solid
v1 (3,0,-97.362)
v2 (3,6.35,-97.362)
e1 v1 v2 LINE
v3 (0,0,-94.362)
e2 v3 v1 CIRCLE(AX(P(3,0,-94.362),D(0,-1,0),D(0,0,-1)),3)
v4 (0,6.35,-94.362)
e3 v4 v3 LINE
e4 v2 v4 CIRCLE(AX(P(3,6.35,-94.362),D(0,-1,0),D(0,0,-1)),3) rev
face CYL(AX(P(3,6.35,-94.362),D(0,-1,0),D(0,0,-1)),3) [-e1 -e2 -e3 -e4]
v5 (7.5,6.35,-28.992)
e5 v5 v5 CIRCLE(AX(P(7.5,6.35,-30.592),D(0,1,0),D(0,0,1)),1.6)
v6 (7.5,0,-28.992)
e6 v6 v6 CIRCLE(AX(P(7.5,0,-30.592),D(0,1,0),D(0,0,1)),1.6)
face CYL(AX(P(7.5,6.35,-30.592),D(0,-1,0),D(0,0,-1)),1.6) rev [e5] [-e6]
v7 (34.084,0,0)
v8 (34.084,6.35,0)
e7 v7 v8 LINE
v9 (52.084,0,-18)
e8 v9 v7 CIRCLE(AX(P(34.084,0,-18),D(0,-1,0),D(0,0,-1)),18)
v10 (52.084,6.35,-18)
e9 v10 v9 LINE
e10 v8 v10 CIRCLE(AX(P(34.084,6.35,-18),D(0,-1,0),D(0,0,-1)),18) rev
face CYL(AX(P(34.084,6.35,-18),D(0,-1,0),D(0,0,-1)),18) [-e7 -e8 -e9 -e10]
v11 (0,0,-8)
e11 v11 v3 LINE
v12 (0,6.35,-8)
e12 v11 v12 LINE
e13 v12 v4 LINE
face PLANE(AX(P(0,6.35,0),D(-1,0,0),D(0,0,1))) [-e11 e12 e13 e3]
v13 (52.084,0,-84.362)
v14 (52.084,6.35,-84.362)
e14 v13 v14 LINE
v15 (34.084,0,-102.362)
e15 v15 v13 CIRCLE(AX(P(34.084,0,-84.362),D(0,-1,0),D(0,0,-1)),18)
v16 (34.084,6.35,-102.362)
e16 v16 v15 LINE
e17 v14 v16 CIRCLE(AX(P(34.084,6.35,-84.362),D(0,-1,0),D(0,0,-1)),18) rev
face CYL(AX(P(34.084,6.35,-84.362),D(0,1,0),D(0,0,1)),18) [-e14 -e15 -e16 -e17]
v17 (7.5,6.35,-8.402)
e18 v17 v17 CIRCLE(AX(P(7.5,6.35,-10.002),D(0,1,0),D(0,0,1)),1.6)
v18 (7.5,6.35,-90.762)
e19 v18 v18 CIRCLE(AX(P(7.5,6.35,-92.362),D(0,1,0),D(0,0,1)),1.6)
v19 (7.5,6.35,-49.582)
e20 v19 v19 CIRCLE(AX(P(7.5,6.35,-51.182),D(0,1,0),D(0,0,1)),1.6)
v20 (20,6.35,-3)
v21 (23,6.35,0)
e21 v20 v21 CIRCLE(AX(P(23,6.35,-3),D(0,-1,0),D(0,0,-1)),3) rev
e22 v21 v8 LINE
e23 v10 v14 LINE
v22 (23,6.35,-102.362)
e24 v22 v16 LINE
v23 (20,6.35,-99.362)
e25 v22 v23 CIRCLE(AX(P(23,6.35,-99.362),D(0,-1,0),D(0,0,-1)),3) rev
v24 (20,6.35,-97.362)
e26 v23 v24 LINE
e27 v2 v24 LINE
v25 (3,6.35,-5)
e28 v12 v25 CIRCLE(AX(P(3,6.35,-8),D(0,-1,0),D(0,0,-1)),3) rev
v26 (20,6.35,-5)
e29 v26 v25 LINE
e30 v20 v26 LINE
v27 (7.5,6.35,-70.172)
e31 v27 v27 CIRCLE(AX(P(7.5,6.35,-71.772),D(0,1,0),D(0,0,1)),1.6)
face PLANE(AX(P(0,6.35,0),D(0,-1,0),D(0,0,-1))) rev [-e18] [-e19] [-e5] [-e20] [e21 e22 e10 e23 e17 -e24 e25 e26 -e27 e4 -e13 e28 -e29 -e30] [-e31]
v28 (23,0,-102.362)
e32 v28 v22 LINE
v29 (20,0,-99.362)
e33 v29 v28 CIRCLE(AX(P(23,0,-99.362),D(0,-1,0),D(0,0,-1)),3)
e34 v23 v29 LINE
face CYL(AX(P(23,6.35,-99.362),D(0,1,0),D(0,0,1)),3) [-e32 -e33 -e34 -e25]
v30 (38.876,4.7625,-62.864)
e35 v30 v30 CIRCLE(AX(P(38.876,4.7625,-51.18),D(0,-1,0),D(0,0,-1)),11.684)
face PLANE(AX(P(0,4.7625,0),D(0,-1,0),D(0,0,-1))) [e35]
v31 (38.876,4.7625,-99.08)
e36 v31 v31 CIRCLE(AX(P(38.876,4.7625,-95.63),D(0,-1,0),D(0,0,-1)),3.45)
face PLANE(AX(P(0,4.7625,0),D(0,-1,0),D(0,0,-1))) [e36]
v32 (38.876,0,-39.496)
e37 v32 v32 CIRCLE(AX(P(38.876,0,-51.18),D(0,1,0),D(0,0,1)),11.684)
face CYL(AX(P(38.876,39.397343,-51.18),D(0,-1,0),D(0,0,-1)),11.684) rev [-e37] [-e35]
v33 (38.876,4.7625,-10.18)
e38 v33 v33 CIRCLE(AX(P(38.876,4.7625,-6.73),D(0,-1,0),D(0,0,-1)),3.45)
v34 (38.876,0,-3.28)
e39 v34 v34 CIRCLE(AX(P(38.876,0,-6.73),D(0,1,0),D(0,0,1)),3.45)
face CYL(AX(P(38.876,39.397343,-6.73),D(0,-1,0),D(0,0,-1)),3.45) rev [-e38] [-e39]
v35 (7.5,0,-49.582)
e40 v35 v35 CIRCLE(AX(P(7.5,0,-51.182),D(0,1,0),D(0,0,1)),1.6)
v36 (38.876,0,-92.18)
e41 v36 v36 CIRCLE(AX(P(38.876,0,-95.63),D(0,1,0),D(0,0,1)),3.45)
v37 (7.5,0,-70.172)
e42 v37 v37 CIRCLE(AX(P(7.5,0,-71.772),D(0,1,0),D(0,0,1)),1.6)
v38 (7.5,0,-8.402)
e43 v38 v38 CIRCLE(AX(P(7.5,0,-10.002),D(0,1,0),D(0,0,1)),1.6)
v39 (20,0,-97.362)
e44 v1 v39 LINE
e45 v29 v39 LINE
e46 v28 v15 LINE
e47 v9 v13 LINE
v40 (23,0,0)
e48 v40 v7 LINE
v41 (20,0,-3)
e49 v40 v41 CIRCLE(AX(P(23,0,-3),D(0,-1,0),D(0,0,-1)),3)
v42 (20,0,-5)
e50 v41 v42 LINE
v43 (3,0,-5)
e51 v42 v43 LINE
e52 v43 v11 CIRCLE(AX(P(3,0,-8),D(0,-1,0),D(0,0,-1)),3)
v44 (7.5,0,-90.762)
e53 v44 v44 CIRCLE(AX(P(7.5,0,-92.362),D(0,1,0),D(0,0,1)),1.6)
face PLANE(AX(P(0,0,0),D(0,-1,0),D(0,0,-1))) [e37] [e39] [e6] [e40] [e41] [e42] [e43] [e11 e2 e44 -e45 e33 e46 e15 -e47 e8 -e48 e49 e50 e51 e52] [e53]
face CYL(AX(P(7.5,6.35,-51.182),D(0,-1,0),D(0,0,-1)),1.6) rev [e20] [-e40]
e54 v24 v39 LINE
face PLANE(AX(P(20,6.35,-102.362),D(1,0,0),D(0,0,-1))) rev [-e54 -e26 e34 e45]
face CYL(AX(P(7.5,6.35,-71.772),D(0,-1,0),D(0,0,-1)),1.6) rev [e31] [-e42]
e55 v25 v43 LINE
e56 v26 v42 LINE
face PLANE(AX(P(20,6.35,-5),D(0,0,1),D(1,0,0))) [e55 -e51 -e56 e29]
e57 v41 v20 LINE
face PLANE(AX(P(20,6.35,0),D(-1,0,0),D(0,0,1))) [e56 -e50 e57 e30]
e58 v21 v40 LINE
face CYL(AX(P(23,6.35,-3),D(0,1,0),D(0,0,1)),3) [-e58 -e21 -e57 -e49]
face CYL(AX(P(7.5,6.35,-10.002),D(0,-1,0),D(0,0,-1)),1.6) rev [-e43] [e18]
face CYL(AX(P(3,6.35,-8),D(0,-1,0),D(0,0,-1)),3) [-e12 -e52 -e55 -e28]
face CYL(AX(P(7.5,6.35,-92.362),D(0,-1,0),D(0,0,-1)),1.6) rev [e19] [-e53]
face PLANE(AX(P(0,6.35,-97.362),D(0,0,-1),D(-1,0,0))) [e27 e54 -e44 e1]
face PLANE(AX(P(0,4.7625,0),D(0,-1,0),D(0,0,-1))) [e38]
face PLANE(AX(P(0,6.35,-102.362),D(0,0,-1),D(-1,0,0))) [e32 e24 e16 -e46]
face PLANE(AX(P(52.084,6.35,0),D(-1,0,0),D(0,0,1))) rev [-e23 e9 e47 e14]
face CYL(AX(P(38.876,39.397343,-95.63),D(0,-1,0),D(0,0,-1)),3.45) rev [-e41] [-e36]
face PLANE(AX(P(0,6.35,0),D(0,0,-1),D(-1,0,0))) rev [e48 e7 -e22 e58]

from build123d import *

# Parameters (mm, degrees)
SKETCH1_W           = 52.084
SKETCH1_H           = 102.362
BOSS_EXTRUDE1_DEPTH = 6.35
SKETCH1_4_R         = 1.6
CUT_EXTRUDE2_DEPTH  = 116.026277867
SKETCH1_5_R         = 11.684
SKETCH1_5_R_2       = 3.45
CUT_EXTRUDE3_DEPTH  = 4.7625
FILLET1_R           = 18
SKETCH1_7_W         = 20
SKETCH1_7_H         = 5
CUT_EXTRUDE4_DEPTH  = 116.026277867
FILLET4_R           = 3


with BuildPart() as part:
    # Sketch1 → Boss-Extrude1 (new body)
    with BuildSketch(Plane(origin=(0, 0, 0), x_dir=(1, 0, 0), z_dir=(0, 1, 0))):
        with Locations((26.042, 51.181)):
            Rectangle(SKETCH1_W, SKETCH1_H)
    extrude(amount=BOSS_EXTRUDE1_DEPTH)

    # Sketch1<4> → Cut-Extrude2 (cut, through all)
    with BuildSketch(Plane(origin=(0, 0, 0), x_dir=(1, 0, 0), z_dir=(0, 1, 0))):
        with BuildLine():
            ThreePointArc((9.1, 71.772), (8.63137085, 72.90337085), (7.5, 73.372))
            Line((7.5, 73.372), (7.5, 70.172))
            ThreePointArc((7.5, 70.172), (8.63137085, 70.64062915), (9.1, 71.772))
        make_face()
        with BuildLine():
            Line((7.5, 70.172), (7.5, 73.372))
            ThreePointArc((7.5, 73.372), (5.9, 71.772), (7.5, 70.172))
        make_face()
        with Locations(Location((7.5, 92.362, 0), (0, 0, 270))):
            Circle(SKETCH1_4_R)
        with Locations(Location((7.5, 51.182, 0), (0, 0, 270))):
            Circle(SKETCH1_4_R)
        with Locations(Location((7.5, 30.592, 0), (0, 0, 270))):
            Circle(SKETCH1_4_R)
        with Locations(Location((7.5, 10.002, 0), (0, 0, 270))):
            Circle(SKETCH1_4_R)
    extrude(amount=CUT_EXTRUDE2_DEPTH, mode=Mode.SUBTRACT)

    # Sketch1<5> → Cut-Extrude3 (cut)
    with BuildSketch(Plane(origin=(0, 0, 0), x_dir=(1, 0, 0), z_dir=(0, 1, 0))):
        with Locations(Location((38.876, 51.18, 0), (0, 0, 90))):
            Circle(SKETCH1_5_R)
        with Locations(Location((38.876, 95.63, 0), (0, 0, 90))):
            Circle(SKETCH1_5_R_2)
        with Locations(Location((38.876, 6.73, 0), (0, 0, 90))):
            Circle(SKETCH1_5_R_2)
    extrude(amount=CUT_EXTRUDE3_DEPTH, mode=Mode.SUBTRACT)

    # Fillet1
    fillet1_edges = [part.edges().sort_by_distance(p)[0] for p in [
        (52.084, 3.175, 0),
        (52.084, 3.175, -102.362),
    ]]
    fillet(fillet1_edges, radius=FILLET1_R)

    # Sketch1<7> → Cut-Extrude4 (cut, through all)
    with BuildSketch(Plane(origin=(0, 0, 0), x_dir=(1, 0, 0), z_dir=(0, 1, 0))):
        with Locations((10, 2.5)):
            Rectangle(SKETCH1_7_W, SKETCH1_7_H)
        with Locations((10, 99.862)):
            Rectangle(SKETCH1_7_W, SKETCH1_7_H)
    extrude(amount=CUT_EXTRUDE4_DEPTH, mode=Mode.SUBTRACT)

    # Fillet4
    fillet4_edges = [part.edges().sort_by_distance(p)[0] for p in [
        (0, 3.175, -5),
        (20, 3.175, 0),
        (0, 3.175, -97.362),
        (20, 3.175, -102.362),
    ]]
    fillet(fillet4_edges, radius=FILLET4_R)


solid = part.part
